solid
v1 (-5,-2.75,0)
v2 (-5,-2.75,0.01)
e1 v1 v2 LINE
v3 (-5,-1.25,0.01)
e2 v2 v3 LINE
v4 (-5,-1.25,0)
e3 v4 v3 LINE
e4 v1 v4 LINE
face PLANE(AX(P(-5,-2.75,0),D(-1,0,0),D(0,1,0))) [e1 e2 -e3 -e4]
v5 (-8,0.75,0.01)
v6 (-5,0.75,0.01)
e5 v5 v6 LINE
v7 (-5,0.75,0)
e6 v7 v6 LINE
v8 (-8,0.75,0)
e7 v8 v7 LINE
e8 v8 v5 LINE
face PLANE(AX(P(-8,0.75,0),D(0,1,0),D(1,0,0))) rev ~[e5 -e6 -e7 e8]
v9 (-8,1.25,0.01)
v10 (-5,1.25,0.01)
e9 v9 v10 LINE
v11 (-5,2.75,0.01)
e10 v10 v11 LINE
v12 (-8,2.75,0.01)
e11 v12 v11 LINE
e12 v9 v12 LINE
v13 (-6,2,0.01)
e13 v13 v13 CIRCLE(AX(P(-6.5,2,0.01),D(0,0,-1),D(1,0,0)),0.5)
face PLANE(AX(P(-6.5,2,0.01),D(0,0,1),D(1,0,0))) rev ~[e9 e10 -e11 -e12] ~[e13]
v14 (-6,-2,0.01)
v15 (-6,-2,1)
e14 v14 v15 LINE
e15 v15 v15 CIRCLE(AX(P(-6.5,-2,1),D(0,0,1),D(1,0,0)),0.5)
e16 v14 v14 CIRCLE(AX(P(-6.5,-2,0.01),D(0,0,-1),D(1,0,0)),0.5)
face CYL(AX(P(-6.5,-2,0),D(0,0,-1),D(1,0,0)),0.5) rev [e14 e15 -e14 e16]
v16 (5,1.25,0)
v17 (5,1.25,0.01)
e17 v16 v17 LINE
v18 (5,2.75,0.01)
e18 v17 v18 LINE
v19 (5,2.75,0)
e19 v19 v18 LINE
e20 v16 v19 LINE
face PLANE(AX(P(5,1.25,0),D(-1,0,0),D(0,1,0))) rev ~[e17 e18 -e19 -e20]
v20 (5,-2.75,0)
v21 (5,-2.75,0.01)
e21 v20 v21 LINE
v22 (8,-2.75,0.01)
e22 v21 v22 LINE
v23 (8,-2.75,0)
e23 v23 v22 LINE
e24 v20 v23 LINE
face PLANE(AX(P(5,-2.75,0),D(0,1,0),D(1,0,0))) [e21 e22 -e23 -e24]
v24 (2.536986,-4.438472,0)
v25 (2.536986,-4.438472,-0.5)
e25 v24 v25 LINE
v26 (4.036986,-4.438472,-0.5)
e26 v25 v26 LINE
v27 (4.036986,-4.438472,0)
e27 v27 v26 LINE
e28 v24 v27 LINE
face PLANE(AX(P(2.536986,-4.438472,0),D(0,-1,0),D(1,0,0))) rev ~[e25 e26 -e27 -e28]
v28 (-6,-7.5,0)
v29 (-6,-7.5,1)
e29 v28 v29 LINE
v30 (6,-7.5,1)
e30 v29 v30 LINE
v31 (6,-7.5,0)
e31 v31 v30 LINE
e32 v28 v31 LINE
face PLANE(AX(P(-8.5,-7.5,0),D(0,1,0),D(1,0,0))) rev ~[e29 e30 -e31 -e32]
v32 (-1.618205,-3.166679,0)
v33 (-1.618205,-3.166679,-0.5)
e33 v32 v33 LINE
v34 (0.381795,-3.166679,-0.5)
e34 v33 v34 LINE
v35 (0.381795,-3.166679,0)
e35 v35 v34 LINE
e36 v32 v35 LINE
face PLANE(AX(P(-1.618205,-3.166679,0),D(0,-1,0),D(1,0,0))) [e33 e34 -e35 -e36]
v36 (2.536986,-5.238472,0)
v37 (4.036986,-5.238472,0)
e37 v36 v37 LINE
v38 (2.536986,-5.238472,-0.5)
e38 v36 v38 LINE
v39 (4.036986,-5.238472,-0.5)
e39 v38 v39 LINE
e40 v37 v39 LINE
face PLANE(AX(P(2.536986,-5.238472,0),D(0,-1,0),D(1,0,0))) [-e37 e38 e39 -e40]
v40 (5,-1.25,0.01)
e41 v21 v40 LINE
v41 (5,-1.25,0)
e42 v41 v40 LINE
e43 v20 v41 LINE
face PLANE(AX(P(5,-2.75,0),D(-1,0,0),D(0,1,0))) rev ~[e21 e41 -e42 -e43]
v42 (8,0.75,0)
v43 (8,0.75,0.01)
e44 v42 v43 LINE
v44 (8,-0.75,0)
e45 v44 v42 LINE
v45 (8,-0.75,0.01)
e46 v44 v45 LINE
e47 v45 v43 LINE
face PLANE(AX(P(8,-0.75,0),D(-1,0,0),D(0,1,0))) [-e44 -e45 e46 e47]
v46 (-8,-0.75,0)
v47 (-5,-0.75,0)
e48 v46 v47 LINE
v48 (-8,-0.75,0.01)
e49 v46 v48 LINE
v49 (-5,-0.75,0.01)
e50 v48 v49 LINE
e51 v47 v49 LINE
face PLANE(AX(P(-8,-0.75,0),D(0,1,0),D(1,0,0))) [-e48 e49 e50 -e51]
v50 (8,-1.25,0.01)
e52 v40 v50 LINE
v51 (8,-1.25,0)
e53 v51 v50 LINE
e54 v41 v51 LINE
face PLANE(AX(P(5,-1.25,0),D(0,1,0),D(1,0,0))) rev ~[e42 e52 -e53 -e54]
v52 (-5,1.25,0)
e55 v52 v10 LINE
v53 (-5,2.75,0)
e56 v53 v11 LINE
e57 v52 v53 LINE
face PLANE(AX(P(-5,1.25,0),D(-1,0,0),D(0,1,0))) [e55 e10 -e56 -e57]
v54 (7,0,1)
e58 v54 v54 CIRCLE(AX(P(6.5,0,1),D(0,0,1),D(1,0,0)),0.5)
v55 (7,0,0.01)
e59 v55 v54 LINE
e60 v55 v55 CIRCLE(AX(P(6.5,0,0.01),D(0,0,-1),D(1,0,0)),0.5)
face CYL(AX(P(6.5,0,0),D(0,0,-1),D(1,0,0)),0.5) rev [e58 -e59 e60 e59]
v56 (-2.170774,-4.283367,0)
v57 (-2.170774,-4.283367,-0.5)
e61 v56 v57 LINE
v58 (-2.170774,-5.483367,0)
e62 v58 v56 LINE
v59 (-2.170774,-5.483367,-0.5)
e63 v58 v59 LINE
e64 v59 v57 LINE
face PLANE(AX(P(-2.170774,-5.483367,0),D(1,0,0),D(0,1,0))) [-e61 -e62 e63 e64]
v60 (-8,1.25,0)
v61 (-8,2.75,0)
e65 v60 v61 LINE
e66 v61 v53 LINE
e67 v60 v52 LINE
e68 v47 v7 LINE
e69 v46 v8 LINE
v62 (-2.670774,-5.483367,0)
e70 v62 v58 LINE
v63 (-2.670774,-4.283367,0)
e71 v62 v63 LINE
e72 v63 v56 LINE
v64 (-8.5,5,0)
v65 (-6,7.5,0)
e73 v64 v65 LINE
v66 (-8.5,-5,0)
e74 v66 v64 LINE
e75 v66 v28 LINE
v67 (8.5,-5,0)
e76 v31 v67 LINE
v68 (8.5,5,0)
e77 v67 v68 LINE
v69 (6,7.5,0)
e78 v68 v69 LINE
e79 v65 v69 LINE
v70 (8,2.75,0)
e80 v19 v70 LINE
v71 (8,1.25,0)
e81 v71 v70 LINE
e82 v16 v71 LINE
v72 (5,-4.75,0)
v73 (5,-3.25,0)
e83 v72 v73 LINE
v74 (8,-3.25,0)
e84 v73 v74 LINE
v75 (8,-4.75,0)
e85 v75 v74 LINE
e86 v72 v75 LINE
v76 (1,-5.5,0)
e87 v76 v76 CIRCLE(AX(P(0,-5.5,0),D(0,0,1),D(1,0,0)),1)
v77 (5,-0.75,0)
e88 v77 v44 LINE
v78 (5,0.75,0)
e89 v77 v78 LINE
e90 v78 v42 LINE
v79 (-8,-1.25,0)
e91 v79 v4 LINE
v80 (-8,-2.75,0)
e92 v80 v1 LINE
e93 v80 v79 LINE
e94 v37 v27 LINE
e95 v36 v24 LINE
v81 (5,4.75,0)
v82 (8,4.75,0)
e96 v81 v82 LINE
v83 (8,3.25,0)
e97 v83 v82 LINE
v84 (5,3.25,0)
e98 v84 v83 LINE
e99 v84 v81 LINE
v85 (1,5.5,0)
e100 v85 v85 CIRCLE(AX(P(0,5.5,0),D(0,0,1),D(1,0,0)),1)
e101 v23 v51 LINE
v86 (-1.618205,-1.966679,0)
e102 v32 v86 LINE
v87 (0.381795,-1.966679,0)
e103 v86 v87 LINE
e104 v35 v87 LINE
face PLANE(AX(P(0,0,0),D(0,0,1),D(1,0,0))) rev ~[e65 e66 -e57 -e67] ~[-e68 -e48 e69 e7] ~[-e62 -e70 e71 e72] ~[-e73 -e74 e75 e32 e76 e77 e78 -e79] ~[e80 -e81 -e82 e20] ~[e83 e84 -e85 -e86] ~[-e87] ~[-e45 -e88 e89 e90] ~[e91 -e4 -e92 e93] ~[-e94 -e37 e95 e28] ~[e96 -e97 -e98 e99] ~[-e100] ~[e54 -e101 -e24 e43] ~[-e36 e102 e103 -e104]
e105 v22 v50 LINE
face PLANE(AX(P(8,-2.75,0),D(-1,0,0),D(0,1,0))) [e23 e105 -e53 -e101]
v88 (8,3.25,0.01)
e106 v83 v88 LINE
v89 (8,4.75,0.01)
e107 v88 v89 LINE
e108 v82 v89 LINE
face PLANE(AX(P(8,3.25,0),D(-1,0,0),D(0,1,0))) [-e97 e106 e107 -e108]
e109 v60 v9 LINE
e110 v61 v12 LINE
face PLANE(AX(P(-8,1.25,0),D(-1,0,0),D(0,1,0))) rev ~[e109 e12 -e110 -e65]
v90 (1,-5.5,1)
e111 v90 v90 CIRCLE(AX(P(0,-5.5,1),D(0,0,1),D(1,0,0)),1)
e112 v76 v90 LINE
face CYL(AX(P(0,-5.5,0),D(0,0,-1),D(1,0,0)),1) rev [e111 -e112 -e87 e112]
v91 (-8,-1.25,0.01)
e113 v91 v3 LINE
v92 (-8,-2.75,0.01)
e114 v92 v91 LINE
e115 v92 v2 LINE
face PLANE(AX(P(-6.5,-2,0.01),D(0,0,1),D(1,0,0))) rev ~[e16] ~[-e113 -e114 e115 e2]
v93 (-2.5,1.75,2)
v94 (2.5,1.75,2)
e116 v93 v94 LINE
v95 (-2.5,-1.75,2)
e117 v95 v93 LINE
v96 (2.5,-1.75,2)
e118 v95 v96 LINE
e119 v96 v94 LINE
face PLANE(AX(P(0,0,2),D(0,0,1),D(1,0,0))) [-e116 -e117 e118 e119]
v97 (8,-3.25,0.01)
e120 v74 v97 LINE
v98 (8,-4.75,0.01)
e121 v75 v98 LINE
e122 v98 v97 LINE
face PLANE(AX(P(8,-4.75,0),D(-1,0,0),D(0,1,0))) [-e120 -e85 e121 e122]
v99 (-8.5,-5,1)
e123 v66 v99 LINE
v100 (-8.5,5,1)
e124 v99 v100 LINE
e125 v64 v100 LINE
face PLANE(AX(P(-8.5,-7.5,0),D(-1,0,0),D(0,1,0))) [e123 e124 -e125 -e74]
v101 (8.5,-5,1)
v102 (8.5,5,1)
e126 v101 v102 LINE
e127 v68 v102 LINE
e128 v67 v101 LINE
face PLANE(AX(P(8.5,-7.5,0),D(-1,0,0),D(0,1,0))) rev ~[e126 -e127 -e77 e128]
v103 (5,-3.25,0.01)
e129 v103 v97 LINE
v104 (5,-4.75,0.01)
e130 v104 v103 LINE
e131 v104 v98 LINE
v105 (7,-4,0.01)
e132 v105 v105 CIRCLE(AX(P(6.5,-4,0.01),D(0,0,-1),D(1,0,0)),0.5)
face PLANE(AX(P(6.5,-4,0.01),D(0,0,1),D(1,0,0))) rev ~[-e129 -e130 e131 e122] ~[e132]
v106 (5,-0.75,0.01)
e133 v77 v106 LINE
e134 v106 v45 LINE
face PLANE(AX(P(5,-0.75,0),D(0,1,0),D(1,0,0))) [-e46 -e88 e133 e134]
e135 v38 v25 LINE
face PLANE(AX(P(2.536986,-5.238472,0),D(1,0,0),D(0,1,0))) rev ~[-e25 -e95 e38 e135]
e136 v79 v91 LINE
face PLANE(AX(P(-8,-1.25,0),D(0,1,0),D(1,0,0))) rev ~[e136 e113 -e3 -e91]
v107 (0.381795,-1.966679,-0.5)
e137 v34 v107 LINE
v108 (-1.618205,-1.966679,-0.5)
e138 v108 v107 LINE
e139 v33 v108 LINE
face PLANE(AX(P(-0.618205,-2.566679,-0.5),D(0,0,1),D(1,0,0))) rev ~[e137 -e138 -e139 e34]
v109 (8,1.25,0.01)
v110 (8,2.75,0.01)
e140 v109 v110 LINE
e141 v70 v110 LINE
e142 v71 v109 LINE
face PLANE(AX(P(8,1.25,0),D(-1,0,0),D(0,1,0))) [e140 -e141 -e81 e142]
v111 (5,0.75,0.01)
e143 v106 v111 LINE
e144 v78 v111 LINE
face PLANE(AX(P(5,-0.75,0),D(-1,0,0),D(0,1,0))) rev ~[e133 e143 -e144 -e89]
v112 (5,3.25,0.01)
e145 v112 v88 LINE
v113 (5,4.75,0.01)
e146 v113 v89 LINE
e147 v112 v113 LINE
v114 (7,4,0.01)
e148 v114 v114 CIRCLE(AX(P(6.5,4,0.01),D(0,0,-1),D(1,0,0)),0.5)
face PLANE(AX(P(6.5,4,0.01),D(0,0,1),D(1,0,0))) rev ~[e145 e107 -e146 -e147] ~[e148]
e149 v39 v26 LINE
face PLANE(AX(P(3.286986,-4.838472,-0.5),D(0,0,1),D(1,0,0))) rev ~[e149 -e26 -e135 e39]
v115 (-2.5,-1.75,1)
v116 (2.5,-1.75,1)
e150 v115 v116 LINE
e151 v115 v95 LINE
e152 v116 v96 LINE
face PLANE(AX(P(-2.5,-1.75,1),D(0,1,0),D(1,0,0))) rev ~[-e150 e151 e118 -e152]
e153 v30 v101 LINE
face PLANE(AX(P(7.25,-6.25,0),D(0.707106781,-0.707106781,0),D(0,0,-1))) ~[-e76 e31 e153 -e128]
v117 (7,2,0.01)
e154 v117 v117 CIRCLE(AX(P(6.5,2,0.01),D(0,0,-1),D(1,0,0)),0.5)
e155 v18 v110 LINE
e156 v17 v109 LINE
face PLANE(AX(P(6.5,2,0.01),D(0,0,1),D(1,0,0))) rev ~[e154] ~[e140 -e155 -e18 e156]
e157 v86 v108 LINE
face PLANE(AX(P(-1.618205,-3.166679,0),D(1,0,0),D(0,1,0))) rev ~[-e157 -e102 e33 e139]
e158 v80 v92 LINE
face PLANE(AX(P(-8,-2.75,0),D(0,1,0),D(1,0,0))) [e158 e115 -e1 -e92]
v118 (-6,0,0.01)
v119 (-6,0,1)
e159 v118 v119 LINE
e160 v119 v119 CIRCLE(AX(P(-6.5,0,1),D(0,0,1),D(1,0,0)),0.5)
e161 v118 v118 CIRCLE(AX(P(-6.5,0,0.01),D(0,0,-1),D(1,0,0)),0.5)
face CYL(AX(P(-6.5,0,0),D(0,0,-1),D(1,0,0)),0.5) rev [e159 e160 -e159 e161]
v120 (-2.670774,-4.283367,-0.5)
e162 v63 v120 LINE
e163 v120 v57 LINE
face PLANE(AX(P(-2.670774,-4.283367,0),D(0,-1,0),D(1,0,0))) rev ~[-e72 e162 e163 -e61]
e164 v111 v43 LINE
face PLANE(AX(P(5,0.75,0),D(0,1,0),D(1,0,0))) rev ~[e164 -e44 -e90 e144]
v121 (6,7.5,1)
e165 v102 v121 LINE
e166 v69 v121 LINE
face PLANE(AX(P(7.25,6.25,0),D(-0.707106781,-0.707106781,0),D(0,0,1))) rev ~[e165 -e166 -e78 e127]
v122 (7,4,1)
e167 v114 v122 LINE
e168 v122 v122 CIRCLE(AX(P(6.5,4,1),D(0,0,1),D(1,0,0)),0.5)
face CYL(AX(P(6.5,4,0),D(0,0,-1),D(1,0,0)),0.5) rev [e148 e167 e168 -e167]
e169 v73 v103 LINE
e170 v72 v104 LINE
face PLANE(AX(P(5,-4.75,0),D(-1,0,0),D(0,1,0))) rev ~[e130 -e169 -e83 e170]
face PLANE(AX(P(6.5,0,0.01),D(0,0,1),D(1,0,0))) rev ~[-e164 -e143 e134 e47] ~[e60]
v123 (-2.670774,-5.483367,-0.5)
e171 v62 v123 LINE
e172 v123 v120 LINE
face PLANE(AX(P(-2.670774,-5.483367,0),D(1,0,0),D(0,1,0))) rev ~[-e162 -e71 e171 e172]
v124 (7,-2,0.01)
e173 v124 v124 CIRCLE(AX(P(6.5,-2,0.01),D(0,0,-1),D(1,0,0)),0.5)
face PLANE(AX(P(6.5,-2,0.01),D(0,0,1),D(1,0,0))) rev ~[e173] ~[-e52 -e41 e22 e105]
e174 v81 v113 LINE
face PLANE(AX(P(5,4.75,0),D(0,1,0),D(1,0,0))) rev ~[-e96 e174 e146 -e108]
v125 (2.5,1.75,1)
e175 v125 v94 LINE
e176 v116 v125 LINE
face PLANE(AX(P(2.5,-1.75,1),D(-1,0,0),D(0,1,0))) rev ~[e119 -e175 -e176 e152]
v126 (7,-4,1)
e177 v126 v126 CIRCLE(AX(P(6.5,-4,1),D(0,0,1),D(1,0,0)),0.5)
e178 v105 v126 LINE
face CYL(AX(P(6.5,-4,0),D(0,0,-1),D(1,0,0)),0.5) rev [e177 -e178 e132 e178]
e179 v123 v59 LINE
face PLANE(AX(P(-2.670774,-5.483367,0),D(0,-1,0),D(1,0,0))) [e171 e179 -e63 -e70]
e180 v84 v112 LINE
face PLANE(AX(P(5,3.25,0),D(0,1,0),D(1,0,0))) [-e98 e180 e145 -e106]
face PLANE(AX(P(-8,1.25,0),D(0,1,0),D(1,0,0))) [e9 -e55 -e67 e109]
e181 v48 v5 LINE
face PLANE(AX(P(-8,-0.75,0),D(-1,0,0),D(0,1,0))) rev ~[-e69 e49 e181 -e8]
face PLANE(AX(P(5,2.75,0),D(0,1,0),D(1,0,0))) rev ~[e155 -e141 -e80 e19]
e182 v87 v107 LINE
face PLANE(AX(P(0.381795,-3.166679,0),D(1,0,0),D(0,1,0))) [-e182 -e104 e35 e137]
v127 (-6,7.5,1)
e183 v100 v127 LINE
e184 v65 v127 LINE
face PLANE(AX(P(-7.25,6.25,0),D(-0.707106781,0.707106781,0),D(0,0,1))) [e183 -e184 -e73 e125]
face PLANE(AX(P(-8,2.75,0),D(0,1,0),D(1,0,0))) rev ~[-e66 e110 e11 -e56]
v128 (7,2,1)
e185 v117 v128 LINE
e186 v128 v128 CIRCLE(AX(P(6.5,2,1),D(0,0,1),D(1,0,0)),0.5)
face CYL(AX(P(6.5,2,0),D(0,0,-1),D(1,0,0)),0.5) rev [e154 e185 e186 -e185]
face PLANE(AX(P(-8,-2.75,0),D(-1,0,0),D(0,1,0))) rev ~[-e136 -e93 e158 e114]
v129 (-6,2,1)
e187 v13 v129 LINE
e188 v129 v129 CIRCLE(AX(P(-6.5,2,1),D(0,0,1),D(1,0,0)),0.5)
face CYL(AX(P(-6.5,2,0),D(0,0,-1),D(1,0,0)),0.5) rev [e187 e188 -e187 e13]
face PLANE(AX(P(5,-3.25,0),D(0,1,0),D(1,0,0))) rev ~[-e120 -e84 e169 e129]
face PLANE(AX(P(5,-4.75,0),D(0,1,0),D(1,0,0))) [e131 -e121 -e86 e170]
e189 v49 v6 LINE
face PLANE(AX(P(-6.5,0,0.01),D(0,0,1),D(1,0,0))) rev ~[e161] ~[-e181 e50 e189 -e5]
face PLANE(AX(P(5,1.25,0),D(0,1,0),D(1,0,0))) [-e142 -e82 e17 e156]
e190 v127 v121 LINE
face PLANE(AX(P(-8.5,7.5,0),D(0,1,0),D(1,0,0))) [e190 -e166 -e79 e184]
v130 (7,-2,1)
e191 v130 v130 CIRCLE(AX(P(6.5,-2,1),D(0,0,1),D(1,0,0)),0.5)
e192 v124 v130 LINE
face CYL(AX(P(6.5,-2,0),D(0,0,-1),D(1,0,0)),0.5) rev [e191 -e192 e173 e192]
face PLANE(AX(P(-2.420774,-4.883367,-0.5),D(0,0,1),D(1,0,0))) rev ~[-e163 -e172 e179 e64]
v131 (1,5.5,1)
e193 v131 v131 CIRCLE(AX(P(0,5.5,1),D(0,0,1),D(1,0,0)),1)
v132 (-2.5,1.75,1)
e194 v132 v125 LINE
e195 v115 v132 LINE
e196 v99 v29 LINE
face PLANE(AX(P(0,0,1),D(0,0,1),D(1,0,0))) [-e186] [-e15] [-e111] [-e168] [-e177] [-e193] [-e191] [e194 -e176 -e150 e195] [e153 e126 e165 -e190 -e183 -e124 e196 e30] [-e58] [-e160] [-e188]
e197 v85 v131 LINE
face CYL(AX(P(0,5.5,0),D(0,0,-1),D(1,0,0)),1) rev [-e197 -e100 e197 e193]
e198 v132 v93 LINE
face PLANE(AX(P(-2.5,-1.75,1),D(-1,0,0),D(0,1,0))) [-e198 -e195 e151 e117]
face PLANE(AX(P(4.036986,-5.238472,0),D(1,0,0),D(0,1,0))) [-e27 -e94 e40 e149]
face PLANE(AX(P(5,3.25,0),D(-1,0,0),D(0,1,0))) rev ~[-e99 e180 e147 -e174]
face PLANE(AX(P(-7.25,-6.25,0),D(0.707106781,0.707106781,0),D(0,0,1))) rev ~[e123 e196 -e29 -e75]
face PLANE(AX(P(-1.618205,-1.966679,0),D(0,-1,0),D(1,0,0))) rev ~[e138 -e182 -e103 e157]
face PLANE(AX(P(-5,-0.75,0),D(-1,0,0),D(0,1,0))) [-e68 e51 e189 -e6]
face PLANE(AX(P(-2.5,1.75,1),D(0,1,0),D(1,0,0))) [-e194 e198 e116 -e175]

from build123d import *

# Parameters (mm, degrees)
SKETCH1_W           = 17
SKETCH1_H           = 15
BOSS_EXTRUDE1_DEPTH = 1
CHAMFER1_SIZE       = 2.5
BOSS_EXTRUDE2_START = 1
SKETCH2_W           = 5
SKETCH2_H           = 3.5
BOSS_EXTRUDE2_DEPTH = 1
SKETCH3_R           = 1
SKETCH3_R_2         = 0.5
CUT_EXTRUDE1_DEPTH  = 1
SKETCH4_W           = 2
SKETCH4_H           = 1.2
SKETCH4_W_2         = 0.5
SKETCH4_W_3         = 1.5
SKETCH4_H_2         = 0.8
BOSS_EXTRUDE3_DEPTH = 0.5
SKETCH5_W           = 3
SKETCH5_H           = 1.5
CUT_EXTRUDE2_DEPTH  = 0.01


with BuildPart() as part:
    # Sketch1 → Boss-Extrude1 (new body)
    with BuildSketch(Plane.XY):
        Rectangle(SKETCH1_W, SKETCH1_H)
    extrude(amount=BOSS_EXTRUDE1_DEPTH)

    # Chamfer1
    chamfer1_edges = [part.edges().sort_by_distance(p)[0] for p in [
        (8.5, -7.5, 0.5),
        (-8.5, -7.5, 0.5),
        (-8.5, 7.5, 0.5),
        (8.5, 7.5, 0.5),
    ]]
    chamfer(chamfer1_edges, length=CHAMFER1_SIZE)

    # Sketch2 → Boss-Extrude2 (add)
    with BuildSketch(Plane.XY.offset(BOSS_EXTRUDE2_START)):
        Rectangle(SKETCH2_W, SKETCH2_H)
    extrude(amount=BOSS_EXTRUDE2_DEPTH)

    # Sketch3 → Cut-Extrude1 (cut)
    with BuildSketch(Plane.XY):
        with Locations((0, 5.5)):
            Circle(SKETCH3_R)
        with Locations((0, -5.5)):
            Circle(SKETCH3_R)
        with Locations((6.5, 0)):
            Circle(SKETCH3_R_2)
        with Locations((-6.5, 0)):
            Circle(SKETCH3_R_2)
        with Locations((6.5, 2)):
            Circle(SKETCH3_R_2)
        with Locations((6.5, 4)):
            Circle(SKETCH3_R_2)
        with Locations((-6.5, 2)):
            Circle(SKETCH3_R_2)
        with Locations((-6.5, -2)):
            Circle(SKETCH3_R_2)
        with Locations((6.5, -4)):
            Circle(SKETCH3_R_2)
        with Locations((6.5, -2)):
            Circle(SKETCH3_R_2)
    extrude(amount=CUT_EXTRUDE1_DEPTH, mode=Mode.SUBTRACT)

    # Sketch4 → Boss-Extrude3 (add)
    with BuildSketch(Plane.XY):
        with Locations((-0.618205111, -2.566679178)):
            Rectangle(SKETCH4_W, SKETCH4_H)
        with Locations((-2.420773885, -4.883367435)):
            Rectangle(SKETCH4_W_2, SKETCH4_H)
        with Locations((3.286986257, -4.838471609)):
            Rectangle(SKETCH4_W_3, SKETCH4_H_2)
    extrude(amount=-BOSS_EXTRUDE3_DEPTH)

    # Sketch5 → Cut-Extrude2 (cut)
    with BuildSketch(Plane.XY):
        with Locations((6.5, -4)):
            Rectangle(SKETCH5_W, SKETCH5_H)
        with Locations((6.5, -2)):
            Rectangle(SKETCH5_W, SKETCH5_H)
        with Locations((6.5, 0)):
            Rectangle(SKETCH5_W, SKETCH5_H)
        with Locations((6.5, 2)):
            Rectangle(SKETCH5_W, SKETCH5_H)
        with Locations((6.5, 4)):
            Rectangle(SKETCH5_W, SKETCH5_H)
        with Locations((-6.5, -2)):
            Rectangle(SKETCH5_W, SKETCH5_H)
        with Locations((-6.5, 0)):
            Rectangle(SKETCH5_W, SKETCH5_H)
        with Locations((-6.5, 2)):
            Rectangle(SKETCH5_W, SKETCH5_H)
    extrude(amount=CUT_EXTRUDE2_DEPTH, mode=Mode.SUBTRACT)


solid = part.part
